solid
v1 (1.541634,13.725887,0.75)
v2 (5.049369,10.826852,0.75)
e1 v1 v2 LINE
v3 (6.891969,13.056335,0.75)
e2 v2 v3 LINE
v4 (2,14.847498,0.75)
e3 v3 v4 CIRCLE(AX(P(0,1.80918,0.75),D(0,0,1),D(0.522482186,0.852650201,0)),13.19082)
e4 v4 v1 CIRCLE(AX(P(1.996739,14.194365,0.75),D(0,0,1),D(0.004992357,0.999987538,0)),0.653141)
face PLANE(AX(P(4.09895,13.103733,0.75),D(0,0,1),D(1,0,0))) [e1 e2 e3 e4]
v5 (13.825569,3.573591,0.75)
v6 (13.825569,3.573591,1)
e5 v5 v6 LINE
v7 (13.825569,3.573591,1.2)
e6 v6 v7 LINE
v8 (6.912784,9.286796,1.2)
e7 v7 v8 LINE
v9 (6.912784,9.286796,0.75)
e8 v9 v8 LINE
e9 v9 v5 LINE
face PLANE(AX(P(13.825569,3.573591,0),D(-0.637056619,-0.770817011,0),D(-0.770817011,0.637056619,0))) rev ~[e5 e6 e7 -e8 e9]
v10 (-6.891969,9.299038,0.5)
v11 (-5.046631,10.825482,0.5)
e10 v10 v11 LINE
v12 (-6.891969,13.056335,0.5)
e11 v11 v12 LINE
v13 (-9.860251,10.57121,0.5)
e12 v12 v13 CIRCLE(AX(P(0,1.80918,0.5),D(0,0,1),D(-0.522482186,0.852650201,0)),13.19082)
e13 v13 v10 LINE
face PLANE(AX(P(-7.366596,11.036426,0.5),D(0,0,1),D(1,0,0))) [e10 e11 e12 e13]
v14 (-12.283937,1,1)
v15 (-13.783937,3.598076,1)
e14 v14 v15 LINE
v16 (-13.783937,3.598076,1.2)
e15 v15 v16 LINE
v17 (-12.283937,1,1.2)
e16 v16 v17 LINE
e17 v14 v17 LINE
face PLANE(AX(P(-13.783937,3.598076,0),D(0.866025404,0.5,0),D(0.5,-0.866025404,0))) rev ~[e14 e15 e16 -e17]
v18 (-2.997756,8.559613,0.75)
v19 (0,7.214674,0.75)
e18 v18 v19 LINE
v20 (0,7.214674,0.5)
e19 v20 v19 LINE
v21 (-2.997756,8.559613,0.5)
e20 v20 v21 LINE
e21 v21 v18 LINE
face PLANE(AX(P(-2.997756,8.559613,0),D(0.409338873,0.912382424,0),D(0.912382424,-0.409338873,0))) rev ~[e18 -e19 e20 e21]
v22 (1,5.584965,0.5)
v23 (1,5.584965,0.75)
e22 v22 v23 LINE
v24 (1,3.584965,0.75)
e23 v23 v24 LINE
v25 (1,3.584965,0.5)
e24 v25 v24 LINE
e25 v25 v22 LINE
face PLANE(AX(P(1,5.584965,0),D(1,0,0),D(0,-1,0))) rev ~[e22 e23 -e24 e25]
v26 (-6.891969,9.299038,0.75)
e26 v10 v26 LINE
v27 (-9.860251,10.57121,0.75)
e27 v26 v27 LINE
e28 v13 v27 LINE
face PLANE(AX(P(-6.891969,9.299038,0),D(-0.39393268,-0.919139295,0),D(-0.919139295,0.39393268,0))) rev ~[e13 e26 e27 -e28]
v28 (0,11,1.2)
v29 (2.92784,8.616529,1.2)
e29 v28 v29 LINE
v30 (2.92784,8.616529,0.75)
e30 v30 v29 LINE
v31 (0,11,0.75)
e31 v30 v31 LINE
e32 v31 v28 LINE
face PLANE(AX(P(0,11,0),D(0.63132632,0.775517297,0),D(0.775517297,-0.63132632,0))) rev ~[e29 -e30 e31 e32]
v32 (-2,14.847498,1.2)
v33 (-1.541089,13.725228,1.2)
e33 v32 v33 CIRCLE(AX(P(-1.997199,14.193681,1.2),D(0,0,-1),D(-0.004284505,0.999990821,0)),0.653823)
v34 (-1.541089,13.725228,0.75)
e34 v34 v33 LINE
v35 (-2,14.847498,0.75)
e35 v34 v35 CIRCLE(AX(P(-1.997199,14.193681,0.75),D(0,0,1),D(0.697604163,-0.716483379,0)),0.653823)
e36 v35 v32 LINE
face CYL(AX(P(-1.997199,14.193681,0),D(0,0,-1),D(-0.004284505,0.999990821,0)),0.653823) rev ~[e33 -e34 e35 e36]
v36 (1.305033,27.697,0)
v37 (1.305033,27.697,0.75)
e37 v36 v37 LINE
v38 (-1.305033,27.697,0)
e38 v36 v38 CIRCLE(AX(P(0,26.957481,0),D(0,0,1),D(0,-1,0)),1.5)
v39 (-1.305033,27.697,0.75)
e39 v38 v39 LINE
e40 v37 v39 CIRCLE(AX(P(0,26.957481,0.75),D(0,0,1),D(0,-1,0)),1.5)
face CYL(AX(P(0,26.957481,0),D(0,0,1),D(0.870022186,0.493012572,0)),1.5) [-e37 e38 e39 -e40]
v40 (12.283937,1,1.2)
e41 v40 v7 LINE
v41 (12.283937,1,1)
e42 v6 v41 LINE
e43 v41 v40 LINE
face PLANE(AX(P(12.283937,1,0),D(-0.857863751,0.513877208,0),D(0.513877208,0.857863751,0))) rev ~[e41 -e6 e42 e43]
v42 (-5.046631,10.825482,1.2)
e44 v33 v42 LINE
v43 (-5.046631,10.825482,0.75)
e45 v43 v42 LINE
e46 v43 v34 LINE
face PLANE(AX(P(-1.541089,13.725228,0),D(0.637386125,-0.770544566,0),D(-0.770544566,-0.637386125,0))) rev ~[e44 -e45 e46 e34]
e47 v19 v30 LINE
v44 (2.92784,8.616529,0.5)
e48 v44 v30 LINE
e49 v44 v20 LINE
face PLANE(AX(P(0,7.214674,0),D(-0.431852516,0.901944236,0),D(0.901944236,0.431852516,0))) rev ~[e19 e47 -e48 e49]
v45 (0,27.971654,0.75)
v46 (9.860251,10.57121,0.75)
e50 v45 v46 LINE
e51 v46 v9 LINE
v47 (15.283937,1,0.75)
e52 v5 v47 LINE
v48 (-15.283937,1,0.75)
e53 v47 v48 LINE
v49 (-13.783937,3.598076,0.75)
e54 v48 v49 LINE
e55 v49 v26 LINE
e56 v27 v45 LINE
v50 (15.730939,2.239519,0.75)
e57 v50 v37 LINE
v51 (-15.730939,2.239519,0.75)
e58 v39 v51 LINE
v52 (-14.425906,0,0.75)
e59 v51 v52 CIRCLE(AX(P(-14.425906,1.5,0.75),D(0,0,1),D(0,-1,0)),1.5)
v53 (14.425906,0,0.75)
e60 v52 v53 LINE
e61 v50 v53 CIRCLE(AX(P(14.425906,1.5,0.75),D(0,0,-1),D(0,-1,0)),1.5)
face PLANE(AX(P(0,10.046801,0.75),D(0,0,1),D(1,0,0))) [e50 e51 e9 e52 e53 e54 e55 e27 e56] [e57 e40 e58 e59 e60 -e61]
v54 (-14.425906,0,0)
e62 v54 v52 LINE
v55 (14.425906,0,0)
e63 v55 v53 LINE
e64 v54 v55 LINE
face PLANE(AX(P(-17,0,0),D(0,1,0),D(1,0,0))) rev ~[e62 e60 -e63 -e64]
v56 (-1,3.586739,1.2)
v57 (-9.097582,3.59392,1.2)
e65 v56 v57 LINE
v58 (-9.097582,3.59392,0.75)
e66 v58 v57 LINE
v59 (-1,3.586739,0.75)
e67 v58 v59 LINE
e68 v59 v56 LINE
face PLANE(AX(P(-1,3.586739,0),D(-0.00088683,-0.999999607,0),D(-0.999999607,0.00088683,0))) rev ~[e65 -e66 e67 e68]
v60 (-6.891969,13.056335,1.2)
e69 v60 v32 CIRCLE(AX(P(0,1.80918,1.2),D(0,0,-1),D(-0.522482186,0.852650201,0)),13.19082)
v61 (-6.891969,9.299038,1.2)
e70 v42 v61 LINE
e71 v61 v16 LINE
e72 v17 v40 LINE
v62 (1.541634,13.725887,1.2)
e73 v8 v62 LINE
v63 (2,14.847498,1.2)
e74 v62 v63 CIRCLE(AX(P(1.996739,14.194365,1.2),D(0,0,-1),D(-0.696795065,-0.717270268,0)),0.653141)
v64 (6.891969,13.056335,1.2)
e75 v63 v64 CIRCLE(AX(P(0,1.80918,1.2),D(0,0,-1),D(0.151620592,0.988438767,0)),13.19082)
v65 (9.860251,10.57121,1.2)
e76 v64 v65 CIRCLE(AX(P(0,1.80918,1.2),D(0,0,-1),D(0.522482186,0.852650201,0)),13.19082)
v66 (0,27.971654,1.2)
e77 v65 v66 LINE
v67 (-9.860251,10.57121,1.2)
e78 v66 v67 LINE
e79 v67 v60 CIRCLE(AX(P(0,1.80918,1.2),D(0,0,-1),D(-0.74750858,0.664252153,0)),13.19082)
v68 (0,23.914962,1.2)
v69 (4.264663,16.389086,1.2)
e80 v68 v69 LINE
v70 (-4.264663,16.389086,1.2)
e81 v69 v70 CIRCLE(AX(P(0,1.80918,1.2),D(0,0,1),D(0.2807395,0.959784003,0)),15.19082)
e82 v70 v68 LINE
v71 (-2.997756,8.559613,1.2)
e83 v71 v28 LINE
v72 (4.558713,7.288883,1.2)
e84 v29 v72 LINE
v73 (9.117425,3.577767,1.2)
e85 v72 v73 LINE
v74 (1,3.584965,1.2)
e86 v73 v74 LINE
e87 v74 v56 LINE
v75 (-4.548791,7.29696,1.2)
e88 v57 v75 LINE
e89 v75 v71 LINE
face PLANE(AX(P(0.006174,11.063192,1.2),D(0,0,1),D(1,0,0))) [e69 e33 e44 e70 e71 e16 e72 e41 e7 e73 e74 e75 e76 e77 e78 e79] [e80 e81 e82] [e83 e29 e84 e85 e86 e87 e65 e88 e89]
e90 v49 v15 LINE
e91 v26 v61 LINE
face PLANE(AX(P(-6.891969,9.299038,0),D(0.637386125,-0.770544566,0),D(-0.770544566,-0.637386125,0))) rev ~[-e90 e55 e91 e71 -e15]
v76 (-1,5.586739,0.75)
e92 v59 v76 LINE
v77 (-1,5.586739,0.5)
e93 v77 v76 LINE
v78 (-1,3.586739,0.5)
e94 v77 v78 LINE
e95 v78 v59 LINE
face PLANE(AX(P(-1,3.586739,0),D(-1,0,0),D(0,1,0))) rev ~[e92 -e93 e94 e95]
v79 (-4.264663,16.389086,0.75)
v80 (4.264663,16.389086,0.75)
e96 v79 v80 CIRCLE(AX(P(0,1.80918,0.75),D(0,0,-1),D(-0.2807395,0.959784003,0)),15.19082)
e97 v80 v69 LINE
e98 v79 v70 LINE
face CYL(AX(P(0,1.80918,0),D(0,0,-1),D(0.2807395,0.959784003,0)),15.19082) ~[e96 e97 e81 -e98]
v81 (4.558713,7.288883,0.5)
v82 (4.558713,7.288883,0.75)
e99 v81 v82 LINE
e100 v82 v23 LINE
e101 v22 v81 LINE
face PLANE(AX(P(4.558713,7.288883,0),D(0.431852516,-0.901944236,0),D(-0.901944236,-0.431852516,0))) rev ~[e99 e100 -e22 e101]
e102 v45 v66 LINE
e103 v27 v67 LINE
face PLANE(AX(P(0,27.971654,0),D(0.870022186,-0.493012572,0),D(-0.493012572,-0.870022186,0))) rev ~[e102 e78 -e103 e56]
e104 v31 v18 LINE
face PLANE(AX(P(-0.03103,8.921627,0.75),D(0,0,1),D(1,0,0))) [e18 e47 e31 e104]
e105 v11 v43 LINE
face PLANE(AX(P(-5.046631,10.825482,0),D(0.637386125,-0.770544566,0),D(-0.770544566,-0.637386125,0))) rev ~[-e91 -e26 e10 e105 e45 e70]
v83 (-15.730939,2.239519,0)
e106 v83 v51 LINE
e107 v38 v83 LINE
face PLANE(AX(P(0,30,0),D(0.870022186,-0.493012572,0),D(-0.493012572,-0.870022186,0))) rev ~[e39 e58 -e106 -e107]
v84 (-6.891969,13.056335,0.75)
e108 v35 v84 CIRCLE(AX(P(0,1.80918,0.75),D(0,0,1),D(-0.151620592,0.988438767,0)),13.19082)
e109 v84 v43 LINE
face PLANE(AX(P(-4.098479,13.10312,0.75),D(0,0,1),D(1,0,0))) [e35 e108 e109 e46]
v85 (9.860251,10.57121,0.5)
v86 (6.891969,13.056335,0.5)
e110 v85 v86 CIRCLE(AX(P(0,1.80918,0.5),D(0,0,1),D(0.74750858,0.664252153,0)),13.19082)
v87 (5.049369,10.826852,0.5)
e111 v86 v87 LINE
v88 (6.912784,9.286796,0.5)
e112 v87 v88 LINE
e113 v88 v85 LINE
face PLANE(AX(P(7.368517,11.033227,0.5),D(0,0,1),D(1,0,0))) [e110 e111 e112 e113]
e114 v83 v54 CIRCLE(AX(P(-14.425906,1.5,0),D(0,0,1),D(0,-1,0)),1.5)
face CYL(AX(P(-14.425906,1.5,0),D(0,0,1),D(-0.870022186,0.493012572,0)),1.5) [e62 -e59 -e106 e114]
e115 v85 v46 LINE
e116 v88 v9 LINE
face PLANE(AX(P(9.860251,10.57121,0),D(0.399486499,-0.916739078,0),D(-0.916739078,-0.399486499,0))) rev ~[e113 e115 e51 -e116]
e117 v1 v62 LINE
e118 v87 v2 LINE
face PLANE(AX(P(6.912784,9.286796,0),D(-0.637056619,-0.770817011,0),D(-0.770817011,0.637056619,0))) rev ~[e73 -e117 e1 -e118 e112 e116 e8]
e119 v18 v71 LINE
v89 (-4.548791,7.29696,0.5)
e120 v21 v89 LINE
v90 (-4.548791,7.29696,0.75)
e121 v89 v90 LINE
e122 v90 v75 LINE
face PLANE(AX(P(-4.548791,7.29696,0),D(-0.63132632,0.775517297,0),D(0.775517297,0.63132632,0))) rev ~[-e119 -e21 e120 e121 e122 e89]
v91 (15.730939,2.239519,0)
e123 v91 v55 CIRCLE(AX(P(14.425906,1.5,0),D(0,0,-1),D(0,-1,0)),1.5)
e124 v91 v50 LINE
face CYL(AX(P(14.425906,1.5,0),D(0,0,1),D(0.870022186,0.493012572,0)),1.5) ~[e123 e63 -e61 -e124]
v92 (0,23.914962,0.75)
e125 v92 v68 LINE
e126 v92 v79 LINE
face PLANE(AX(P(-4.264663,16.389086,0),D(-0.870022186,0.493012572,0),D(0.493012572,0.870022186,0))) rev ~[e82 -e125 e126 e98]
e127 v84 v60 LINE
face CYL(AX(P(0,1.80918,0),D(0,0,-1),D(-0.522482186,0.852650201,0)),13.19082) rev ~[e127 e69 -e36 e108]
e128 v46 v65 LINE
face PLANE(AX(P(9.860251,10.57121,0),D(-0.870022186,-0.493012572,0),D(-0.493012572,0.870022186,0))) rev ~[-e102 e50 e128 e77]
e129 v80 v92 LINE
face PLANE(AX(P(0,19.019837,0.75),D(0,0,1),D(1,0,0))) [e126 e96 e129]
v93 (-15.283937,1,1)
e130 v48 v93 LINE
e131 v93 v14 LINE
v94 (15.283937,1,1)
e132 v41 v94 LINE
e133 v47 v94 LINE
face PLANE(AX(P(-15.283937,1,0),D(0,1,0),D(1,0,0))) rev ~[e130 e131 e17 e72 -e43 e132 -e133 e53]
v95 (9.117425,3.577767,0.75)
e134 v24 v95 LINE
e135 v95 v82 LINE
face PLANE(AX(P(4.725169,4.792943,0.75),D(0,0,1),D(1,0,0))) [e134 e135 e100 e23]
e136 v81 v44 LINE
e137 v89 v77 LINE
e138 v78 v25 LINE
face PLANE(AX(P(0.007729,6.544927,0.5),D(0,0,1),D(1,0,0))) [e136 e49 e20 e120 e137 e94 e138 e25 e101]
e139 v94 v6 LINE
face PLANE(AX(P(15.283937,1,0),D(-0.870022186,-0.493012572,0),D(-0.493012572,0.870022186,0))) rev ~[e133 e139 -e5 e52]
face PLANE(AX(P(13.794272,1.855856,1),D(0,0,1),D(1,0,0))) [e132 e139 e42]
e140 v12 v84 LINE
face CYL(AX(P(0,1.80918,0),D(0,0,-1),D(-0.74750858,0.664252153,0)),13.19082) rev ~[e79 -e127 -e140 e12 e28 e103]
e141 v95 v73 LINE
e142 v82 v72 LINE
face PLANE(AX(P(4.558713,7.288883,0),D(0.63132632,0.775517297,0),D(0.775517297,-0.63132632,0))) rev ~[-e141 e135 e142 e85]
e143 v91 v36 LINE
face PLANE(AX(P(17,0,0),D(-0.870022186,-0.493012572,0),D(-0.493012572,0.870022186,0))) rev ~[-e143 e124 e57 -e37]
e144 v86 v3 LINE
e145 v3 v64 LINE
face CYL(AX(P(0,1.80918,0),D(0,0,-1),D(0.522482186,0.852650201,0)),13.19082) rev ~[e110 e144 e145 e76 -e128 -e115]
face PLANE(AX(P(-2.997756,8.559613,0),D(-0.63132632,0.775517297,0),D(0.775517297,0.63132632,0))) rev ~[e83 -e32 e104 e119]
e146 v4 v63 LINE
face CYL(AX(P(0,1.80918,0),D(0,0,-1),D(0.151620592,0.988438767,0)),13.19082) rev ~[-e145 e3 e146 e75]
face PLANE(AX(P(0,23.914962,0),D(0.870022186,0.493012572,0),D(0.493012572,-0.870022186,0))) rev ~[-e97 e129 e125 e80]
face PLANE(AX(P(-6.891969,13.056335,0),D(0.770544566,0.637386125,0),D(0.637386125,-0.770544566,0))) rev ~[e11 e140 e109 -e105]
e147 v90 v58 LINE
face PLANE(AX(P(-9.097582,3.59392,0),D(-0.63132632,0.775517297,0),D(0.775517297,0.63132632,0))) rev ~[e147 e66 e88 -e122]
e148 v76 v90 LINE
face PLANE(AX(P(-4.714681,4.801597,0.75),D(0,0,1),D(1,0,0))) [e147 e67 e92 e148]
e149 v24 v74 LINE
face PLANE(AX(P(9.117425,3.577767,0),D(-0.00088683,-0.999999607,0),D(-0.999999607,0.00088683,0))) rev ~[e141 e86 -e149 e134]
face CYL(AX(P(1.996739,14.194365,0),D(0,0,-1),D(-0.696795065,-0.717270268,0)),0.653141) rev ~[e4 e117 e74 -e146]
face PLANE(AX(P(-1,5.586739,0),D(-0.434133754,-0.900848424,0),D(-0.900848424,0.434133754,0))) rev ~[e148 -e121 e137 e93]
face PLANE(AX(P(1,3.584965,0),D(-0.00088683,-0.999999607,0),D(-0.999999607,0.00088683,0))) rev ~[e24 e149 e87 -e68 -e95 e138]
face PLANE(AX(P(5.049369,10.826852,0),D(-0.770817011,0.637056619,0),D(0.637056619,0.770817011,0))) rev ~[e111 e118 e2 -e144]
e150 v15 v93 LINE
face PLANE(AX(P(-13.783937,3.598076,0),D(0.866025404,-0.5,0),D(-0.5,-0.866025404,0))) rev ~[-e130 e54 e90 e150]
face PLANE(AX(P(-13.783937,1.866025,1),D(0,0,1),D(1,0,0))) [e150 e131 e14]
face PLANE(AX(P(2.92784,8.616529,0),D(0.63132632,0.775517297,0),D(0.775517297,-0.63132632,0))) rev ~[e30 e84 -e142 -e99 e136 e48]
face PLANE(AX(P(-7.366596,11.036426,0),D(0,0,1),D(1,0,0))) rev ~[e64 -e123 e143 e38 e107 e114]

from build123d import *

# Parameters (mm, degrees)
F1_DEPTH = 0.75
F2_DEPTH = 1.2
F3_DEPTH = 0.5
F4_R     = 1.5
F5_DEPTH = 1


with BuildPart() as f1:
    # F0 (on Top) → F1 (new body)
    with BuildSketch(Plane.XY):
        Polygon((17, 0), (0, 30), (-17, 0), align=None)
        Polygon((-9.8602514396, 10.5712104419), (0, 27.9716541589), (9.8602514396, 10.5712104419), (6.91278449, 9.2867956266), (13.8255689799, 3.5735912532), (15.2839373567, 1), (12.2839373567, 1), (-12.2839373567, 1), (-15.2839373567, 1), (-13.7839373567, 3.5980762114), (-6.8919686783, 9.2990381057), align=None, mode=Mode.SUBTRACT)
    extrude(amount=F1_DEPTH)



with BuildPart() as f1b:
    # F0 (on Top) → F1, piece 2 (new body)
    with BuildSketch(Plane.XY):
        with BuildLine():
            Line((4.2646633267, 16.3890860177), (0, 23.9149624766))
            Line((0, 23.9149624766), (-4.2646633267, 16.3890860177))
            ThreePointArc((-4.2646633267, 16.3890860177), (0, 17), (4.2646633267, 16.3890860177))
        make_face()
    extrude(amount=F1_DEPTH)


with BuildPart() as f1c:
    # F0 (on Top) → F1, piece 3 (new body)
    with BuildSketch(Plane.XY):
        with BuildLine():
            ThreePointArc((-2, 14.8474978515), (-4.53528859, 14.1958216086), (-6.8919686783, 13.0563352674))
            Line((-6.8919686783, 13.0563352674), (-5.0466307357, 10.8254816785))
            Line((-5.0466307357, 10.8254816785), (-1.5410891317, 13.7252277505))
            ThreePointArc((-1.5410891317, 13.7252277505), (-1.3920172008, 14.4411475731), (-2, 14.8474978515))
        make_face()
    extrude(amount=F1_DEPTH)


with BuildPart() as f1d:
    # F0 (on Top) → F1, piece 4 (new body)
    with BuildSketch(Plane.XY):
        with BuildLine():
            Line((5.049368775, 10.8268515661), (6.8919686783, 13.0563352674))
            ThreePointArc((6.8919686783, 13.0563352674), (4.53528859, 14.1958216086), (2, 14.8474978515))
            ThreePointArc((2, 14.8474978515), (1.3921371588, 14.4414464477), (1.5416340213, 13.7258867616))
            Line((1.5416340213, 13.7258867616), (5.049368775, 10.8268515661))
        make_face()
    extrude(amount=F1_DEPTH)


with BuildPart() as f1e:
    # F0 (on Top) → F1, piece 5 (new body)
    with BuildSketch(Plane.XY):
        Polygon((0, 11), (-2.997756418, 8.5596127439), (0, 7.2146742605), (2.927840303, 8.6165294417), align=None)
    extrude(amount=F1_DEPTH)


with BuildPart() as f1f:
    # F0 (on Top) → F1, piece 6 (new body)
    with BuildSketch(Plane.XY):
        Polygon((-4.5487910115, 7.2969601038), (-9.097582023, 3.5939202075), (-1, 3.5867390231), (-1, 5.5867390231), align=None)
    extrude(amount=F1_DEPTH)


with BuildPart() as f1g:
    # F0 (on Top) → F1, piece 7 (new body)
    with BuildSketch(Plane.XY):
        Polygon((1, 5.5849653616), (1, 3.5849653616), (9.117425038, 3.5777665798), (4.558712519, 7.2888832899), align=None)
    extrude(amount=F1_DEPTH)


with BuildPart() as f1_1:
    add(f1.part)

    add(f1b.part)  # F2 merges F1b

    add(f1c.part)  # F2 merges F1c

    add(f1d.part)  # F2 merges F1d

    add(f1e.part)  # F2 merges F1e

    add(f1f.part)  # F2 merges F1f

    add(f1g.part)  # F2 merges F1g
    # F0 (on Top) → F2 (join)
    with BuildSketch(Plane.XY):
        with BuildLine():
            Line((9.8602514396, 10.5712104419), (0, 27.9716541589))
            Line((0, 27.9716541589), (-9.8602514396, 10.5712104419))
            ThreePointArc((-9.8602514396, 10.5712104419), (-8.467773088, 11.9232570085), (-6.8919686783, 13.0563352674))
            ThreePointArc((-6.8919686783, 13.0563352674), (-4.53528859, 14.1958216086), (-2, 14.8474978515))
            ThreePointArc((-2, 14.8474978515), (-1.3920172008, 14.4411475731), (-1.5410891317, 13.7252277505))
            Line((-1.5410891317, 13.7252277505), (-5.0466307357, 10.8254816785))
            Line((-5.0466307357, 10.8254816785), (-6.8919686783, 9.2990381057))
            Line((-6.8919686783, 9.2990381057), (-13.7839373567, 3.5980762114))
            Line((-13.7839373567, 3.5980762114), (-12.2839373567, 1))
            Line((-12.2839373567, 1), (12.2839373567, 1))
            Line((12.2839373567, 1), (13.8255689799, 3.5735912532))
            Line((13.8255689799, 3.5735912532), (6.91278449, 9.2867956266))
            Line((6.91278449, 9.2867956266), (5.049368775, 10.8268515661))
            Line((5.049368775, 10.8268515661), (1.5416340213, 13.7258867616))
            ThreePointArc((1.5416340213, 13.7258867616), (1.3921371588, 14.4414464477), (2, 14.8474978515))
            ThreePointArc((2, 14.8474978515), (4.53528859, 14.1958216086), (6.8919686783, 13.0563352674))
            ThreePointArc((6.8919686783, 13.0563352674), (8.467773088, 11.9232570085), (9.8602514396, 10.5712104419))
        make_face()
        Polygon((-1, 3.5867390231), (-9.097582023, 3.5939202075), (-4.5487910115, 7.2969601038), (-2.997756418, 8.5596127439), (0, 11), (2.927840303, 8.6165294417), (4.558712519, 7.2888832899), (9.117425038, 3.5777665798), (1, 3.5849653616), align=None, mode=Mode.SUBTRACT)
        with BuildLine():
            Line((-4.2646633267, 16.3890860177), (0, 23.9149624766))
            Line((0, 23.9149624766), (4.2646633267, 16.3890860177))
            ThreePointArc((4.2646633267, 16.3890860177), (0, 17), (-4.2646633267, 16.3890860177))
        make_face(mode=Mode.SUBTRACT)
    extrude(amount=F2_DEPTH)

    # F0 (on Top) → F3 (join)
    with BuildSketch(Plane.XY):
        with BuildLine():
            ThreePointArc((-6.8919686783, 13.0563352674), (-8.467773088, 11.9232570085), (-9.8602514396, 10.5712104419))
            Line((-9.8602514396, 10.5712104419), (-6.8919686783, 9.2990381057))
            Line((-6.8919686783, 9.2990381057), (-5.0466307357, 10.8254816785))
            Line((-5.0466307357, 10.8254816785), (-6.8919686783, 13.0563352674))
        make_face()
        Polygon((-1, 5.5867390231), (-1, 3.5867390231), (1, 3.5849653616), (1, 5.5849653616), (4.558712519, 7.2888832899), (2.927840303, 8.6165294417), (0, 7.2146742605), (-2.997756418, 8.5596127439), (-4.5487910115, 7.2969601038), align=None)
        with BuildLine():
            Line((6.91278449, 9.2867956266), (9.8602514396, 10.5712104419))
            ThreePointArc((9.8602514396, 10.5712104419), (8.467773088, 11.9232570085), (6.8919686783, 13.0563352674))
            Line((6.8919686783, 13.0563352674), (5.049368775, 10.8268515661))
            Line((5.049368775, 10.8268515661), (6.91278449, 9.2867956266))
        make_face()
    extrude(amount=F3_DEPTH)

    # F4
    f4_edges = [f1_1.edges().sort_by_distance(p)[0] for p in [
        (0, 30, 0.375),
        (-17, 0, 0.375),
        (17, 0, 0.375),
    ]]
    fillet(f4_edges, radius=F4_R)

    # F0 (on Top) → F5 (join)
    with BuildSketch(Plane.XY):
        Polygon((-12.2839373567, 1), (-13.7839373567, 3.5980762114), (-15.2839373567, 1), align=None)
        Polygon((15.2839373567, 1), (13.8255689799, 3.5735912532), (12.2839373567, 1), align=None)
    extrude(amount=F5_DEPTH)


solid = f1_1.part
